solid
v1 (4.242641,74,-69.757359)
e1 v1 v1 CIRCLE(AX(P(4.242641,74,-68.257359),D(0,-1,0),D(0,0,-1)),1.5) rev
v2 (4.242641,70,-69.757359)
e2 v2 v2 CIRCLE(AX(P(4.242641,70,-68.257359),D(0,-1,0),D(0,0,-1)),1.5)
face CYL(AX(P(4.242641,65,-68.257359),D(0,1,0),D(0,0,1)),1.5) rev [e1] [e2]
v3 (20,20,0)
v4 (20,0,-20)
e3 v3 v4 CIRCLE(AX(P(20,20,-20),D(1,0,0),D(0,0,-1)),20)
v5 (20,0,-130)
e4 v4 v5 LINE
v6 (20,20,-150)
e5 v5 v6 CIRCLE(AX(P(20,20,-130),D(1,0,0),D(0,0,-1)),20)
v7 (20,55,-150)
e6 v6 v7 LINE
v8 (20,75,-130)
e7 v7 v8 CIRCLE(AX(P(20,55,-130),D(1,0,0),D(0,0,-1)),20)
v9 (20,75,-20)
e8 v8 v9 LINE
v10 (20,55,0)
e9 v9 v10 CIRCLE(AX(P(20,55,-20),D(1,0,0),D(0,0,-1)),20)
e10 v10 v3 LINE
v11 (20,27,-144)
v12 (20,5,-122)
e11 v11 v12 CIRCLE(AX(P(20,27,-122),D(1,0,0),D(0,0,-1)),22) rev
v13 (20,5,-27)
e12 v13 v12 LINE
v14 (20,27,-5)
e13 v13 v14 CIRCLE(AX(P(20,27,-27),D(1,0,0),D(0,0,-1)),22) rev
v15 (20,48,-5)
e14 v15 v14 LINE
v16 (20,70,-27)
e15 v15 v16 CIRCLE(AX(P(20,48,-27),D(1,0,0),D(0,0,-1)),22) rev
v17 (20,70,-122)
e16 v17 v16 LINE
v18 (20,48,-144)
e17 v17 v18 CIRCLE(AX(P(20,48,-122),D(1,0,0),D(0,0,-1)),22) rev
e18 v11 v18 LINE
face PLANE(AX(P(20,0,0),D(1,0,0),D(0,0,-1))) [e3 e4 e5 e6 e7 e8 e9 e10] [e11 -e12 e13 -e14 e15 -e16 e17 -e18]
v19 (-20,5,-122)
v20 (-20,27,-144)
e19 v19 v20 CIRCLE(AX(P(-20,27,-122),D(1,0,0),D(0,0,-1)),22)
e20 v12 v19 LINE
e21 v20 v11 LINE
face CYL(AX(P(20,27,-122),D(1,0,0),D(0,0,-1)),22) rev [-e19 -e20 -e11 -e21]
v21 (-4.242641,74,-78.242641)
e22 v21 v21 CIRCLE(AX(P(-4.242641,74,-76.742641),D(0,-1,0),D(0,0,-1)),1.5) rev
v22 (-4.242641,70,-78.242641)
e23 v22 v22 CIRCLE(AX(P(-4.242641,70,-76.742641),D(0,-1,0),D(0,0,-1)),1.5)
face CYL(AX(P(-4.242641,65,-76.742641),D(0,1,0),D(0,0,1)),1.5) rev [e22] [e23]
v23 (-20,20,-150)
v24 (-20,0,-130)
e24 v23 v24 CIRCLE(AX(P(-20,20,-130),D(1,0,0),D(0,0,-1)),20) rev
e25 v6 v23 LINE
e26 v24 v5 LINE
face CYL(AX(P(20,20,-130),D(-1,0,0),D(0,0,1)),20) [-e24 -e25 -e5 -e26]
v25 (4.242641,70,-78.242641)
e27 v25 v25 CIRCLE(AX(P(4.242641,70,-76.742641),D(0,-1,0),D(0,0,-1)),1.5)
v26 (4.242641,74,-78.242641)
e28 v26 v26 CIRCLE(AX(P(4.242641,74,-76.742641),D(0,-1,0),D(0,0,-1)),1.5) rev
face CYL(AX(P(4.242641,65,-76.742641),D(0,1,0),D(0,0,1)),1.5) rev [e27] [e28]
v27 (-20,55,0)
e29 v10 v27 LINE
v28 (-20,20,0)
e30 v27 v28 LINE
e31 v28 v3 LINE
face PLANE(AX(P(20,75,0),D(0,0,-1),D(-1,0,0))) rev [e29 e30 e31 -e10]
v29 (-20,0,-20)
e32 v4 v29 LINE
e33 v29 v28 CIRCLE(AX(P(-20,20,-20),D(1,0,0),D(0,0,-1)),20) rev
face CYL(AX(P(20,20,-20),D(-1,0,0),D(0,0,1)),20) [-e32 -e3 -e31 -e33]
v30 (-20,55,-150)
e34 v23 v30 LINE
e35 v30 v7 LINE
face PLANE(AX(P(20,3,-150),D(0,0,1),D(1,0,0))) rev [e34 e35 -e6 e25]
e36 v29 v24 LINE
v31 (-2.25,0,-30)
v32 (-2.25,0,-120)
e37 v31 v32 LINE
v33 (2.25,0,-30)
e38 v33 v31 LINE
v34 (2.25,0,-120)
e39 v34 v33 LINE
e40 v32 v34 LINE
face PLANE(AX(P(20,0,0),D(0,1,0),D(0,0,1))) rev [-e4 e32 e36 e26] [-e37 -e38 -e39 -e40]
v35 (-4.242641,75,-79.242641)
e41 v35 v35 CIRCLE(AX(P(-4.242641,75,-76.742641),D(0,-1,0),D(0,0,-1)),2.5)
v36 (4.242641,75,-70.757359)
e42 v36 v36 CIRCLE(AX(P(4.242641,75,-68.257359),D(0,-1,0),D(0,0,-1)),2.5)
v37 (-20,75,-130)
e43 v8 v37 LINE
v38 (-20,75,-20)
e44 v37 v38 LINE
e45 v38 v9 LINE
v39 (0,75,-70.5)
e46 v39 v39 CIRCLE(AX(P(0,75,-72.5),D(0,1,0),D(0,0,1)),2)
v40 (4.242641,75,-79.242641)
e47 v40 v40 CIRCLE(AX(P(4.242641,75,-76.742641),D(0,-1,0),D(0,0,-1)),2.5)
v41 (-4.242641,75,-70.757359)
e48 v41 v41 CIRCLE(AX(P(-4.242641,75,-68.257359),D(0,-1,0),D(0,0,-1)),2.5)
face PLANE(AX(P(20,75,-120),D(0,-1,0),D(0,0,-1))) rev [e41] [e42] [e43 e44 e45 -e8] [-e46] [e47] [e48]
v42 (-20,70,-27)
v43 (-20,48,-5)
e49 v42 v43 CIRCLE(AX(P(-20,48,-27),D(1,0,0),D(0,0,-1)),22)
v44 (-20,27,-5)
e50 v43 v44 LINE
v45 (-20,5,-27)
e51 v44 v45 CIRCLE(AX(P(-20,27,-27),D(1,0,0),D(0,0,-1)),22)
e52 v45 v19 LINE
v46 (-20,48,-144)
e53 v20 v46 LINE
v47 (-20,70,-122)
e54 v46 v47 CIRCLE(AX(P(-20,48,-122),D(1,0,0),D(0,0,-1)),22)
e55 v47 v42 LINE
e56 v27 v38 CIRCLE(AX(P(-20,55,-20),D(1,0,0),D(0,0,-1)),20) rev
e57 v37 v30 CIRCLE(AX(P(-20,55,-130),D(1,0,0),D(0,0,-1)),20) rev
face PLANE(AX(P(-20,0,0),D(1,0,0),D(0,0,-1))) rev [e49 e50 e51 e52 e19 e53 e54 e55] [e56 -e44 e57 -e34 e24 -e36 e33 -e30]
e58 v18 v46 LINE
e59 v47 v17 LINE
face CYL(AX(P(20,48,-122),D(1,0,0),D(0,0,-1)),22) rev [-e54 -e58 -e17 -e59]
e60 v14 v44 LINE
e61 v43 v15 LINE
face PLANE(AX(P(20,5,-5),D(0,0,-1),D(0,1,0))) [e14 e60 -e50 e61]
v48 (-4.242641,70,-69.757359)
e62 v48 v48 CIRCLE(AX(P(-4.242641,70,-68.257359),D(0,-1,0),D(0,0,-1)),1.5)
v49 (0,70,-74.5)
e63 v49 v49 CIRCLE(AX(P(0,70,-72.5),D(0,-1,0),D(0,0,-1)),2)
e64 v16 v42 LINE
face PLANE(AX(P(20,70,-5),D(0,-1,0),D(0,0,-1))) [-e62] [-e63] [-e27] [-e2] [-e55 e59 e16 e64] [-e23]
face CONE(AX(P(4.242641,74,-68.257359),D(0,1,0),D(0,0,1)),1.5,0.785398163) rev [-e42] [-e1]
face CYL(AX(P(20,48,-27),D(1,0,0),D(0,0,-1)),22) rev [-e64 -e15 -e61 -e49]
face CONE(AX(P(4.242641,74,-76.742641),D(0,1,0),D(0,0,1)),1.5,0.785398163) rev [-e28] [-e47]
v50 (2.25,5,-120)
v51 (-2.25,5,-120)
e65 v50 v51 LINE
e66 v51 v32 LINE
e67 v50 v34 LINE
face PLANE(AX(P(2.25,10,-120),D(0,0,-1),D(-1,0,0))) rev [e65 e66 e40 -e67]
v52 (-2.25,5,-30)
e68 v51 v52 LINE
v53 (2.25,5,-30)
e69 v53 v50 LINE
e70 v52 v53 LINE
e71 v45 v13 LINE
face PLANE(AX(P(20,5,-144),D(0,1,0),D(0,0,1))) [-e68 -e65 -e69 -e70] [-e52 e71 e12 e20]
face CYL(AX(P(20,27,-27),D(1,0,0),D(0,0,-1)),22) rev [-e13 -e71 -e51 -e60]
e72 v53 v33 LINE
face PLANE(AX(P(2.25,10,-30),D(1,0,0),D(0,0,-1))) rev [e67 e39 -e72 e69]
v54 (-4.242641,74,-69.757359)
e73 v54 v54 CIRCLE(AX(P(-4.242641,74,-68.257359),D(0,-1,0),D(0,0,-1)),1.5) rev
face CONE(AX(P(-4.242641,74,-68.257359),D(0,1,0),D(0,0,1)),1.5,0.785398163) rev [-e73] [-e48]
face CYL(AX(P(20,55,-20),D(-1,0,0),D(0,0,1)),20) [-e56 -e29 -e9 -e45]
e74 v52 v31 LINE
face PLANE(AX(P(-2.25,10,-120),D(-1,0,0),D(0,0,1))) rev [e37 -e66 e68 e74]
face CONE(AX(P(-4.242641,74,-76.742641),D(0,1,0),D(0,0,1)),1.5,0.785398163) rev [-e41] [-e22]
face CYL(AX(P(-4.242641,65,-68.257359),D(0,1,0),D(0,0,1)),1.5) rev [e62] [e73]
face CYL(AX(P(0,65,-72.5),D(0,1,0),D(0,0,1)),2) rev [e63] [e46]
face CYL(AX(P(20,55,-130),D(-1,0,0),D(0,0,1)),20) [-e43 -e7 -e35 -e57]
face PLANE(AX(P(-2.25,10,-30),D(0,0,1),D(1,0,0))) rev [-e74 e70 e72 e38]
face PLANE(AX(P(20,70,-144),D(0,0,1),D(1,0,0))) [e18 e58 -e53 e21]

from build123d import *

# Parameters (mm, degrees)
BOSS_EXTRUDE1_DEPTH = 20
SKETCH3_W           = 4.5
SKETCH3_H           = 90
CUT_EXTRUDE2_DEPTH  = 10
SKETCH4_R           = 1.5
SKETCH4_R_2         = 2
CUT_EXTRUDE3_DEPTH  = 10
CHAMFER1_SIZE       = 1
FILLET1_R           = 22
FILLET2_R           = 20


with BuildPart() as part:
    # Sketch1 → Boss-Extrude1 (new, symmetric)
    with BuildSketch(Plane(origin=(0, 0, 0), x_dir=(0, 0, -1), z_dir=(1, 0, 0))):
        Polygon((0, 0), (150, 0), (150, 3), (150, 75), (120, 75), (0, 75), align=None)
        Polygon((144, 5), (5, 5), (5, 70), (120, 70), (144, 70), align=None, mode=Mode.SUBTRACT)
    extrude(amount=BOSS_EXTRUDE1_DEPTH, both=True)

    # Sketch3 → Cut-Extrude2 (cut)
    with BuildSketch(Plane.XZ):
        with Locations((0, -75)):
            Rectangle(SKETCH3_W, SKETCH3_H)
    extrude(amount=-CUT_EXTRUDE2_DEPTH, mode=Mode.SUBTRACT)

    # Sketch4 → Cut-Extrude3 (cut)
    with BuildSketch(Plane(origin=(0, 75, 0), x_dir=(1, 0, 0), z_dir=(0, 1, 0))):
        with Locations(Location((-4.242640687, 76.742640687, 0), (0, 0, 270))):
            Circle(SKETCH4_R)
        with Locations(Location((4.242640687, 76.742640687, 0), (0, 0, 270))):
            Circle(SKETCH4_R)
        with Locations(Location((4.242640687, 68.257359313, 0), (0, 0, 270))):
            Circle(SKETCH4_R)
        with Locations(Location((-4.242640687, 68.257359313, 0), (0, 0, 270))):
            Circle(SKETCH4_R)
        with Locations(Location((0, 72.5, 0), (0, 0, 270))):
            Circle(SKETCH4_R_2)
    extrude(amount=-CUT_EXTRUDE3_DEPTH, mode=Mode.SUBTRACT)

    # Chamfer1
    chamfer1_edges = [part.edges().sort_by_distance(p)[0] for p in [
        (-4.242640687, 75, -78.242640687),
        (4.242640687, 75, -78.242640687),
        (4.242640687, 75, -69.757359313),
        (-4.242640687, 75, -69.757359313),
    ]]
    chamfer(chamfer1_edges, length=CHAMFER1_SIZE)

    # Fillet1
    fillet1_edges = [part.edges().sort_by_distance(p)[0] for p in [
        (0, 70, -5),
        (0, 5, -5),
        (0, 5, -144),
        (0, 70, -144),
    ]]
    fillet(fillet1_edges, radius=FILLET1_R)

    # Fillet2
    fillet2_edges = [part.edges().sort_by_distance(p)[0] for p in [
        (0, 75, 0),
        (0, 75, -150),
        (0, 0, -150),
        (0, 0, 0),
    ]]
    fillet(fillet2_edges, radius=FILLET2_R)


solid = part.part
